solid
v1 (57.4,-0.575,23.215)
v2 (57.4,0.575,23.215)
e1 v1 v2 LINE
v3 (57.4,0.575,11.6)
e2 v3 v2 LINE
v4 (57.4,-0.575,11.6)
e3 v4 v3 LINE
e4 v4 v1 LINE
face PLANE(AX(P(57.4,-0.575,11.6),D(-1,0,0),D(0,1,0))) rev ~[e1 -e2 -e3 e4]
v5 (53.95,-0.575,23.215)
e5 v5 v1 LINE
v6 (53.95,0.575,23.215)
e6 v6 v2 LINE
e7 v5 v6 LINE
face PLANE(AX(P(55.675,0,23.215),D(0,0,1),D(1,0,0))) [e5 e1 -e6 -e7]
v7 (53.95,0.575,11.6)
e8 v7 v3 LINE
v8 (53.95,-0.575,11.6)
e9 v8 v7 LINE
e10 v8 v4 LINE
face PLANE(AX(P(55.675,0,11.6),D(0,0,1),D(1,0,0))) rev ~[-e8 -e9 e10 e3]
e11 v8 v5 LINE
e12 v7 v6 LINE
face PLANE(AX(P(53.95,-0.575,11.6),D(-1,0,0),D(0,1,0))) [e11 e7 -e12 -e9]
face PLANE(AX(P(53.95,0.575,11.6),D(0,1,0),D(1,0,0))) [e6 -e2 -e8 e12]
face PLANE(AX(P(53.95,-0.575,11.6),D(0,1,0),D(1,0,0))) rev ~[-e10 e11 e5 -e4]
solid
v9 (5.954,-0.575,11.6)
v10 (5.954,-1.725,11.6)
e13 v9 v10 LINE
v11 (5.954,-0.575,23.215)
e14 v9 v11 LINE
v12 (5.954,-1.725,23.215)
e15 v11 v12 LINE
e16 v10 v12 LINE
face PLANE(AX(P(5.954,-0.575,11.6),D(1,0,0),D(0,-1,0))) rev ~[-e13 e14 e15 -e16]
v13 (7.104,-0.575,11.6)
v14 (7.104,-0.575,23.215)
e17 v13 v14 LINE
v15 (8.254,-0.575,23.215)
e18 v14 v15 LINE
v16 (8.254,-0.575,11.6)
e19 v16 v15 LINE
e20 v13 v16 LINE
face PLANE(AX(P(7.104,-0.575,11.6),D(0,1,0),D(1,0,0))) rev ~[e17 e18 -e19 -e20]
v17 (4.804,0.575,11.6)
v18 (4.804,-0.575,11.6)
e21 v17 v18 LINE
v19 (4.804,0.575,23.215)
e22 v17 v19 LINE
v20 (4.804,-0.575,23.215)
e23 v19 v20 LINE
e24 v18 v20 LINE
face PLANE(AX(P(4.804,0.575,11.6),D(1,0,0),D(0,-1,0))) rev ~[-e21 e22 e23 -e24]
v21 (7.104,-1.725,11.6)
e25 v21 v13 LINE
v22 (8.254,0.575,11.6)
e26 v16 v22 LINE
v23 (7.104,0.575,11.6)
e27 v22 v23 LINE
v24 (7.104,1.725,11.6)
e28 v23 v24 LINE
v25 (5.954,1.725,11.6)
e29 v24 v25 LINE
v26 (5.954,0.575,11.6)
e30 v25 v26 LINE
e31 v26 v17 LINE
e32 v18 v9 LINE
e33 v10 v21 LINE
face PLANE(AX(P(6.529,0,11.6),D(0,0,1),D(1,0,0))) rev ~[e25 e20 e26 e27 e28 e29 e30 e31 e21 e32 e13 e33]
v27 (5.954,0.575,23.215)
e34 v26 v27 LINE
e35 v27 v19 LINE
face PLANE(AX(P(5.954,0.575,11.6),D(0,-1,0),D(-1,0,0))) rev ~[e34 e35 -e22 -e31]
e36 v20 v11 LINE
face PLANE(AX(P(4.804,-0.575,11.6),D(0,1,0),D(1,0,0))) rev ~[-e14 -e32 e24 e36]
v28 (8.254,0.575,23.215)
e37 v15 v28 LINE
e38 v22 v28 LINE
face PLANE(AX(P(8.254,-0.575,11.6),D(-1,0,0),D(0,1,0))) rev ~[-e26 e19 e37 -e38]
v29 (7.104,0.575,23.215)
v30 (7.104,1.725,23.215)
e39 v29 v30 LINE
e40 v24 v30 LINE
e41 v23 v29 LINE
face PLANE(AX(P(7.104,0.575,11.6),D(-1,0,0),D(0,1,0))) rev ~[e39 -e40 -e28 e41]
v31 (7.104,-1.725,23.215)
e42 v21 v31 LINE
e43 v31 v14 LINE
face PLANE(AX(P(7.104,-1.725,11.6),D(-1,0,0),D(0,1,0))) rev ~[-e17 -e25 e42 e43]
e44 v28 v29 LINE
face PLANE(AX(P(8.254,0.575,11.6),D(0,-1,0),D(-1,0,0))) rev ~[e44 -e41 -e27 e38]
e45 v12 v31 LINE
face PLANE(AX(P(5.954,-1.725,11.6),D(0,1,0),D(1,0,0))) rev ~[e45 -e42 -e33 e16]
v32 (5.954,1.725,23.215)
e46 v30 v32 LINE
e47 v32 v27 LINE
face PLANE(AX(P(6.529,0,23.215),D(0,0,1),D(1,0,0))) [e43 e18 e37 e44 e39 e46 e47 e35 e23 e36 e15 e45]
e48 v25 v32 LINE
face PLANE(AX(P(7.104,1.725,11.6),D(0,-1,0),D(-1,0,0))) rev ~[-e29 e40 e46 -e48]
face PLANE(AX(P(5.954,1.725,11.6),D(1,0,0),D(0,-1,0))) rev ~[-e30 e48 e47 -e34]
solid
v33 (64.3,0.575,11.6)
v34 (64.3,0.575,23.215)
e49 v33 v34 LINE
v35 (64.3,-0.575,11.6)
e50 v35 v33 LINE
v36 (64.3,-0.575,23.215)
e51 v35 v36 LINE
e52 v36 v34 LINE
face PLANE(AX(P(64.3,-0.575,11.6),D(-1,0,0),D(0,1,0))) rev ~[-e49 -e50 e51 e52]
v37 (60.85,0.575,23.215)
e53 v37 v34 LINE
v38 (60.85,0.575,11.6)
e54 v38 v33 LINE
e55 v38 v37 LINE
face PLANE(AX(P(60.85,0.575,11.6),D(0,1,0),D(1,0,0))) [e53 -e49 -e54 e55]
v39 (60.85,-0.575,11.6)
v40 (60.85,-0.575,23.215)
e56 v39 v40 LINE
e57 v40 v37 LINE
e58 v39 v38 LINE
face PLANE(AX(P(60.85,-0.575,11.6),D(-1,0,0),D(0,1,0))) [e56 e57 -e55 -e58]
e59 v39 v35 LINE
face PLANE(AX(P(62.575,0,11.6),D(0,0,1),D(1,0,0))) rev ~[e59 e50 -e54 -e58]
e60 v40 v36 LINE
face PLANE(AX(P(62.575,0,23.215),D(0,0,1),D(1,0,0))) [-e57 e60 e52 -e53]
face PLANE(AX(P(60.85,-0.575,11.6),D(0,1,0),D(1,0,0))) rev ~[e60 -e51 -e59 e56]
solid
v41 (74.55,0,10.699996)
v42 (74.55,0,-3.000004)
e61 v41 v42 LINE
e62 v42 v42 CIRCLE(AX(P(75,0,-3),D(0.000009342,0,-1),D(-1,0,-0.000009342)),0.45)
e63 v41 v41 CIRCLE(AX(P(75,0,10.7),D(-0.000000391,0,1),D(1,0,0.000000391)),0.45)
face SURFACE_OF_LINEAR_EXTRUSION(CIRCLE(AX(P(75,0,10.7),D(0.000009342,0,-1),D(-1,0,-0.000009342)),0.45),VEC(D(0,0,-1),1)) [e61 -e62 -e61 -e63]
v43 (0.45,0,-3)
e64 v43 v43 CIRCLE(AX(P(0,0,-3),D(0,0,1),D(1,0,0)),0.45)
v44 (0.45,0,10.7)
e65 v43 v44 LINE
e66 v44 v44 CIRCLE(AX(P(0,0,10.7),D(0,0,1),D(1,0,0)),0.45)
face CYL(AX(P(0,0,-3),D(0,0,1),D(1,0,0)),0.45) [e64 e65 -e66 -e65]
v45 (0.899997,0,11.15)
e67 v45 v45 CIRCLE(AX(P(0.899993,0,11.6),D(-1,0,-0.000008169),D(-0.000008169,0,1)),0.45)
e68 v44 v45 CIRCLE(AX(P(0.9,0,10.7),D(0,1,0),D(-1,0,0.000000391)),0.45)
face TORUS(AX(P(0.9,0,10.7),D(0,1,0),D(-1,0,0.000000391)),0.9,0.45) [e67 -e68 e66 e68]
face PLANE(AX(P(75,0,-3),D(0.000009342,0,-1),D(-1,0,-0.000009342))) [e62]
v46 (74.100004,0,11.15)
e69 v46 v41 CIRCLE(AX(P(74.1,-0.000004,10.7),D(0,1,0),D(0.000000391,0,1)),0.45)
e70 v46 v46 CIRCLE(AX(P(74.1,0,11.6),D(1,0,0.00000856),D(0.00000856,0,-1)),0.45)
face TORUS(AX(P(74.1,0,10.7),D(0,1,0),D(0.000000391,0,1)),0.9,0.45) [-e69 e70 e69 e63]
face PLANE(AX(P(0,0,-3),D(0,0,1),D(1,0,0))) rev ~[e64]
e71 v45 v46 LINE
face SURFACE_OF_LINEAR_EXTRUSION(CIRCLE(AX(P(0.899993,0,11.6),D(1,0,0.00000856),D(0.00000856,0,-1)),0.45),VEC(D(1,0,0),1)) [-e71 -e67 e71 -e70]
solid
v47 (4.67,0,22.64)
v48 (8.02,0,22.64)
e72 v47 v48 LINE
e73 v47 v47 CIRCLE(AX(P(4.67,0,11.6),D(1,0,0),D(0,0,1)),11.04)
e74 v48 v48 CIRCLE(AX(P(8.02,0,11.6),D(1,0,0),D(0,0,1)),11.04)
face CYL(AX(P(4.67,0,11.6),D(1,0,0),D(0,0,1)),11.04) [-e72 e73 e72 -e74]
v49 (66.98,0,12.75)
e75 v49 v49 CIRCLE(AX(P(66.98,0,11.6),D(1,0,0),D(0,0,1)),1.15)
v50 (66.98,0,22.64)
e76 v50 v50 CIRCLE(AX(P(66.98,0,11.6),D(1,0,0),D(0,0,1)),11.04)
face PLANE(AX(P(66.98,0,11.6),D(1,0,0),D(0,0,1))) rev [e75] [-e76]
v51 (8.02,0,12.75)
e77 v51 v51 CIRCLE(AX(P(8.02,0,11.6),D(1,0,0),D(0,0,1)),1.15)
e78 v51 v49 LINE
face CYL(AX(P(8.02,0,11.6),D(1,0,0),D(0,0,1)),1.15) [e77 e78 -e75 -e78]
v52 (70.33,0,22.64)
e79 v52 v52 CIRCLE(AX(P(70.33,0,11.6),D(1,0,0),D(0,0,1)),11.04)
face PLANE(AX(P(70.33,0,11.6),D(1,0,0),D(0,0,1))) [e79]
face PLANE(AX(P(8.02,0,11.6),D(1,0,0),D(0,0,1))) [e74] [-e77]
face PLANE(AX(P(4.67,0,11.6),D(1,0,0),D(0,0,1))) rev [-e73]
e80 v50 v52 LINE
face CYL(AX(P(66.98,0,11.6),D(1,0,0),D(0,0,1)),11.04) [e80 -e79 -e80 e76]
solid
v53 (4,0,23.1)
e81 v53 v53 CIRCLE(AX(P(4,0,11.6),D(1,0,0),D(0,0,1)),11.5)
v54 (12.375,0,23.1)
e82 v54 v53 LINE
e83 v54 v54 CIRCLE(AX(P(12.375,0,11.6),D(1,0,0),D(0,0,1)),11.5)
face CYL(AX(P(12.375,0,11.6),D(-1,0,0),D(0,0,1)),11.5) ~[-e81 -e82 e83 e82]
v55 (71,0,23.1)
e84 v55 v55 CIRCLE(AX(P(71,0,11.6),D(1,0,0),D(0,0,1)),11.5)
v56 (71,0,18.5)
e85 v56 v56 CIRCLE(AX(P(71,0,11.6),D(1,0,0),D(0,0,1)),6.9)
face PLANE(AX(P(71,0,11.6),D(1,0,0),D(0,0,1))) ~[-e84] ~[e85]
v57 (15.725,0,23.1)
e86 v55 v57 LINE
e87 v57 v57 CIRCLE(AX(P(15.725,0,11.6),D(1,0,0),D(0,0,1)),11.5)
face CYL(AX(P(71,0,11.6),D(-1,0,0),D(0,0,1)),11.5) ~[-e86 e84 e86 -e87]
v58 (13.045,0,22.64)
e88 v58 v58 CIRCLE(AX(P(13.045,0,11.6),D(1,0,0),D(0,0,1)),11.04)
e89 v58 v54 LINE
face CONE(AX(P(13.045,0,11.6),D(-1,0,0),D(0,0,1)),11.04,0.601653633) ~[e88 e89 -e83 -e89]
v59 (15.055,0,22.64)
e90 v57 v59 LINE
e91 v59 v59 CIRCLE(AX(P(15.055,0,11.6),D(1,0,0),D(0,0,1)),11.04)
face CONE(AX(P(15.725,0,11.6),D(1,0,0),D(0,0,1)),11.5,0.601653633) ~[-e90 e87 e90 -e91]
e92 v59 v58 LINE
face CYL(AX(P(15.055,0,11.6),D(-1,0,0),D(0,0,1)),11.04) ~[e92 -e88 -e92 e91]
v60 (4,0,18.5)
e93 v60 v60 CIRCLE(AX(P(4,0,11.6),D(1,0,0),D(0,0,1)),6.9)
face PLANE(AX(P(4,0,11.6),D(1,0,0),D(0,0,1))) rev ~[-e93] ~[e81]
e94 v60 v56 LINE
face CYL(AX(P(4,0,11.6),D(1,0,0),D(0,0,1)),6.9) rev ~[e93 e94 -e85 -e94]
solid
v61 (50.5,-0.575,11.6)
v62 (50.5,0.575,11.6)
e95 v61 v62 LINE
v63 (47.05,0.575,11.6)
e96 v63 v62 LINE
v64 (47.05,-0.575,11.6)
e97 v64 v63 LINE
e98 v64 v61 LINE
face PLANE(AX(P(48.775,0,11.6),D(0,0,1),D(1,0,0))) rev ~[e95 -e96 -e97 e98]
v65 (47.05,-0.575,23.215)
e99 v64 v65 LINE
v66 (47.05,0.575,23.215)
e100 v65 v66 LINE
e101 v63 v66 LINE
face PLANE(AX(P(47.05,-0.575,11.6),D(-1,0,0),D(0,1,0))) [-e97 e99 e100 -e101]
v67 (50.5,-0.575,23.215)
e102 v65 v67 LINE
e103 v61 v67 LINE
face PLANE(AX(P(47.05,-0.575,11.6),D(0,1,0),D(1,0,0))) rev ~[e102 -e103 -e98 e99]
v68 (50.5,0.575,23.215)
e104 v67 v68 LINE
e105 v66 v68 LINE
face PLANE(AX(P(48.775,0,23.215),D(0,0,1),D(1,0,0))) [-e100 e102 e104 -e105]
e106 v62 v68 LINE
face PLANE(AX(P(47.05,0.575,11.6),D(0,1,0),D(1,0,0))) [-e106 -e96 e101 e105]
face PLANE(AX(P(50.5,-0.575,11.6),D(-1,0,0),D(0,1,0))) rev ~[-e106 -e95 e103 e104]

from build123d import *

# Parameters (mm, degrees)
SKETCH_R    = 0.45
SKETCH004_W = 3.45
SKETCH004_H = 1.15
PAD_DEPTH   = 11.615


with BuildPart() as sweep_body:
    # Sweep: sweep along a path in Sketch001
    with BuildLine(Plane.XZ) as sweep_path:
        Line((0, -3), (0, 10.7))
        ThreePointArc((0, 10.7), (0.263601, 11.336393), (0.899993, 11.6))
        Line((0.899993, 11.6), (74.1, 11.6))
        ThreePointArc((74.1, 11.6), (74.736396, 11.336396), (75, 10.7))
        Line((75, 10.7), (75, -3))
    # Sketch → Sweep (sweep)
    with BuildSketch(Plane.XY.offset(-2)):
        Circle(SKETCH_R)
    sweep(path=sweep_path.line)


with BuildPart() as revolution:
    # Sketch002 → Revolution (revolve)
    with BuildSketch(Plane.XZ):
        Polygon((4, 23.1), (4, 18.5), (71, 18.5), (71, 23.1), (15.725, 23.1), (15.055, 22.64), (13.045, 22.64), (12.375, 23.1), align=None)
    revolve(axis=Axis((6.97588, 0, 11.6), (1, 0, 0)))


with BuildPart() as revolution001:
    # Sketch003 → Revolution001 (revolve)
    with BuildSketch(Plane.XZ):
        Polygon((4.67, 22.64), (8.02, 22.64), (8.02, 12.75), (66.98, 12.75), (66.98, 22.64), (70.33, 22.64), (70.33, 11.6), (4.67, 11.6), align=None)
    revolve(axis=Axis((6.97588, 0, 11.6), (1, 0, 0)))


with BuildPart() as pad:
    # Sketch004 → Pad (new body)
    with BuildSketch(Plane.XY.offset(11.6)):
        with Locations((62.575, 0)):
            Rectangle(SKETCH004_W, SKETCH004_H)
        with Locations((55.675, 0)):
            Rectangle(SKETCH004_W, SKETCH004_H)
        with Locations((48.775, 0)):
            Rectangle(SKETCH004_W, SKETCH004_H)
        Polygon((5.954, 0.575), (4.804, 0.575), (4.804, -0.575), (5.954, -0.575), (5.954, -1.725), (7.104, -1.725), (7.104, -0.575), (8.254, -0.575), (8.254, 0.575), (7.104, 0.575), (7.104, 1.725), (5.954, 1.725), align=None)
    extrude(amount=PAD_DEPTH)


solid = Compound([sweep_body.part, revolution.part, revolution001.part, pad.part])
